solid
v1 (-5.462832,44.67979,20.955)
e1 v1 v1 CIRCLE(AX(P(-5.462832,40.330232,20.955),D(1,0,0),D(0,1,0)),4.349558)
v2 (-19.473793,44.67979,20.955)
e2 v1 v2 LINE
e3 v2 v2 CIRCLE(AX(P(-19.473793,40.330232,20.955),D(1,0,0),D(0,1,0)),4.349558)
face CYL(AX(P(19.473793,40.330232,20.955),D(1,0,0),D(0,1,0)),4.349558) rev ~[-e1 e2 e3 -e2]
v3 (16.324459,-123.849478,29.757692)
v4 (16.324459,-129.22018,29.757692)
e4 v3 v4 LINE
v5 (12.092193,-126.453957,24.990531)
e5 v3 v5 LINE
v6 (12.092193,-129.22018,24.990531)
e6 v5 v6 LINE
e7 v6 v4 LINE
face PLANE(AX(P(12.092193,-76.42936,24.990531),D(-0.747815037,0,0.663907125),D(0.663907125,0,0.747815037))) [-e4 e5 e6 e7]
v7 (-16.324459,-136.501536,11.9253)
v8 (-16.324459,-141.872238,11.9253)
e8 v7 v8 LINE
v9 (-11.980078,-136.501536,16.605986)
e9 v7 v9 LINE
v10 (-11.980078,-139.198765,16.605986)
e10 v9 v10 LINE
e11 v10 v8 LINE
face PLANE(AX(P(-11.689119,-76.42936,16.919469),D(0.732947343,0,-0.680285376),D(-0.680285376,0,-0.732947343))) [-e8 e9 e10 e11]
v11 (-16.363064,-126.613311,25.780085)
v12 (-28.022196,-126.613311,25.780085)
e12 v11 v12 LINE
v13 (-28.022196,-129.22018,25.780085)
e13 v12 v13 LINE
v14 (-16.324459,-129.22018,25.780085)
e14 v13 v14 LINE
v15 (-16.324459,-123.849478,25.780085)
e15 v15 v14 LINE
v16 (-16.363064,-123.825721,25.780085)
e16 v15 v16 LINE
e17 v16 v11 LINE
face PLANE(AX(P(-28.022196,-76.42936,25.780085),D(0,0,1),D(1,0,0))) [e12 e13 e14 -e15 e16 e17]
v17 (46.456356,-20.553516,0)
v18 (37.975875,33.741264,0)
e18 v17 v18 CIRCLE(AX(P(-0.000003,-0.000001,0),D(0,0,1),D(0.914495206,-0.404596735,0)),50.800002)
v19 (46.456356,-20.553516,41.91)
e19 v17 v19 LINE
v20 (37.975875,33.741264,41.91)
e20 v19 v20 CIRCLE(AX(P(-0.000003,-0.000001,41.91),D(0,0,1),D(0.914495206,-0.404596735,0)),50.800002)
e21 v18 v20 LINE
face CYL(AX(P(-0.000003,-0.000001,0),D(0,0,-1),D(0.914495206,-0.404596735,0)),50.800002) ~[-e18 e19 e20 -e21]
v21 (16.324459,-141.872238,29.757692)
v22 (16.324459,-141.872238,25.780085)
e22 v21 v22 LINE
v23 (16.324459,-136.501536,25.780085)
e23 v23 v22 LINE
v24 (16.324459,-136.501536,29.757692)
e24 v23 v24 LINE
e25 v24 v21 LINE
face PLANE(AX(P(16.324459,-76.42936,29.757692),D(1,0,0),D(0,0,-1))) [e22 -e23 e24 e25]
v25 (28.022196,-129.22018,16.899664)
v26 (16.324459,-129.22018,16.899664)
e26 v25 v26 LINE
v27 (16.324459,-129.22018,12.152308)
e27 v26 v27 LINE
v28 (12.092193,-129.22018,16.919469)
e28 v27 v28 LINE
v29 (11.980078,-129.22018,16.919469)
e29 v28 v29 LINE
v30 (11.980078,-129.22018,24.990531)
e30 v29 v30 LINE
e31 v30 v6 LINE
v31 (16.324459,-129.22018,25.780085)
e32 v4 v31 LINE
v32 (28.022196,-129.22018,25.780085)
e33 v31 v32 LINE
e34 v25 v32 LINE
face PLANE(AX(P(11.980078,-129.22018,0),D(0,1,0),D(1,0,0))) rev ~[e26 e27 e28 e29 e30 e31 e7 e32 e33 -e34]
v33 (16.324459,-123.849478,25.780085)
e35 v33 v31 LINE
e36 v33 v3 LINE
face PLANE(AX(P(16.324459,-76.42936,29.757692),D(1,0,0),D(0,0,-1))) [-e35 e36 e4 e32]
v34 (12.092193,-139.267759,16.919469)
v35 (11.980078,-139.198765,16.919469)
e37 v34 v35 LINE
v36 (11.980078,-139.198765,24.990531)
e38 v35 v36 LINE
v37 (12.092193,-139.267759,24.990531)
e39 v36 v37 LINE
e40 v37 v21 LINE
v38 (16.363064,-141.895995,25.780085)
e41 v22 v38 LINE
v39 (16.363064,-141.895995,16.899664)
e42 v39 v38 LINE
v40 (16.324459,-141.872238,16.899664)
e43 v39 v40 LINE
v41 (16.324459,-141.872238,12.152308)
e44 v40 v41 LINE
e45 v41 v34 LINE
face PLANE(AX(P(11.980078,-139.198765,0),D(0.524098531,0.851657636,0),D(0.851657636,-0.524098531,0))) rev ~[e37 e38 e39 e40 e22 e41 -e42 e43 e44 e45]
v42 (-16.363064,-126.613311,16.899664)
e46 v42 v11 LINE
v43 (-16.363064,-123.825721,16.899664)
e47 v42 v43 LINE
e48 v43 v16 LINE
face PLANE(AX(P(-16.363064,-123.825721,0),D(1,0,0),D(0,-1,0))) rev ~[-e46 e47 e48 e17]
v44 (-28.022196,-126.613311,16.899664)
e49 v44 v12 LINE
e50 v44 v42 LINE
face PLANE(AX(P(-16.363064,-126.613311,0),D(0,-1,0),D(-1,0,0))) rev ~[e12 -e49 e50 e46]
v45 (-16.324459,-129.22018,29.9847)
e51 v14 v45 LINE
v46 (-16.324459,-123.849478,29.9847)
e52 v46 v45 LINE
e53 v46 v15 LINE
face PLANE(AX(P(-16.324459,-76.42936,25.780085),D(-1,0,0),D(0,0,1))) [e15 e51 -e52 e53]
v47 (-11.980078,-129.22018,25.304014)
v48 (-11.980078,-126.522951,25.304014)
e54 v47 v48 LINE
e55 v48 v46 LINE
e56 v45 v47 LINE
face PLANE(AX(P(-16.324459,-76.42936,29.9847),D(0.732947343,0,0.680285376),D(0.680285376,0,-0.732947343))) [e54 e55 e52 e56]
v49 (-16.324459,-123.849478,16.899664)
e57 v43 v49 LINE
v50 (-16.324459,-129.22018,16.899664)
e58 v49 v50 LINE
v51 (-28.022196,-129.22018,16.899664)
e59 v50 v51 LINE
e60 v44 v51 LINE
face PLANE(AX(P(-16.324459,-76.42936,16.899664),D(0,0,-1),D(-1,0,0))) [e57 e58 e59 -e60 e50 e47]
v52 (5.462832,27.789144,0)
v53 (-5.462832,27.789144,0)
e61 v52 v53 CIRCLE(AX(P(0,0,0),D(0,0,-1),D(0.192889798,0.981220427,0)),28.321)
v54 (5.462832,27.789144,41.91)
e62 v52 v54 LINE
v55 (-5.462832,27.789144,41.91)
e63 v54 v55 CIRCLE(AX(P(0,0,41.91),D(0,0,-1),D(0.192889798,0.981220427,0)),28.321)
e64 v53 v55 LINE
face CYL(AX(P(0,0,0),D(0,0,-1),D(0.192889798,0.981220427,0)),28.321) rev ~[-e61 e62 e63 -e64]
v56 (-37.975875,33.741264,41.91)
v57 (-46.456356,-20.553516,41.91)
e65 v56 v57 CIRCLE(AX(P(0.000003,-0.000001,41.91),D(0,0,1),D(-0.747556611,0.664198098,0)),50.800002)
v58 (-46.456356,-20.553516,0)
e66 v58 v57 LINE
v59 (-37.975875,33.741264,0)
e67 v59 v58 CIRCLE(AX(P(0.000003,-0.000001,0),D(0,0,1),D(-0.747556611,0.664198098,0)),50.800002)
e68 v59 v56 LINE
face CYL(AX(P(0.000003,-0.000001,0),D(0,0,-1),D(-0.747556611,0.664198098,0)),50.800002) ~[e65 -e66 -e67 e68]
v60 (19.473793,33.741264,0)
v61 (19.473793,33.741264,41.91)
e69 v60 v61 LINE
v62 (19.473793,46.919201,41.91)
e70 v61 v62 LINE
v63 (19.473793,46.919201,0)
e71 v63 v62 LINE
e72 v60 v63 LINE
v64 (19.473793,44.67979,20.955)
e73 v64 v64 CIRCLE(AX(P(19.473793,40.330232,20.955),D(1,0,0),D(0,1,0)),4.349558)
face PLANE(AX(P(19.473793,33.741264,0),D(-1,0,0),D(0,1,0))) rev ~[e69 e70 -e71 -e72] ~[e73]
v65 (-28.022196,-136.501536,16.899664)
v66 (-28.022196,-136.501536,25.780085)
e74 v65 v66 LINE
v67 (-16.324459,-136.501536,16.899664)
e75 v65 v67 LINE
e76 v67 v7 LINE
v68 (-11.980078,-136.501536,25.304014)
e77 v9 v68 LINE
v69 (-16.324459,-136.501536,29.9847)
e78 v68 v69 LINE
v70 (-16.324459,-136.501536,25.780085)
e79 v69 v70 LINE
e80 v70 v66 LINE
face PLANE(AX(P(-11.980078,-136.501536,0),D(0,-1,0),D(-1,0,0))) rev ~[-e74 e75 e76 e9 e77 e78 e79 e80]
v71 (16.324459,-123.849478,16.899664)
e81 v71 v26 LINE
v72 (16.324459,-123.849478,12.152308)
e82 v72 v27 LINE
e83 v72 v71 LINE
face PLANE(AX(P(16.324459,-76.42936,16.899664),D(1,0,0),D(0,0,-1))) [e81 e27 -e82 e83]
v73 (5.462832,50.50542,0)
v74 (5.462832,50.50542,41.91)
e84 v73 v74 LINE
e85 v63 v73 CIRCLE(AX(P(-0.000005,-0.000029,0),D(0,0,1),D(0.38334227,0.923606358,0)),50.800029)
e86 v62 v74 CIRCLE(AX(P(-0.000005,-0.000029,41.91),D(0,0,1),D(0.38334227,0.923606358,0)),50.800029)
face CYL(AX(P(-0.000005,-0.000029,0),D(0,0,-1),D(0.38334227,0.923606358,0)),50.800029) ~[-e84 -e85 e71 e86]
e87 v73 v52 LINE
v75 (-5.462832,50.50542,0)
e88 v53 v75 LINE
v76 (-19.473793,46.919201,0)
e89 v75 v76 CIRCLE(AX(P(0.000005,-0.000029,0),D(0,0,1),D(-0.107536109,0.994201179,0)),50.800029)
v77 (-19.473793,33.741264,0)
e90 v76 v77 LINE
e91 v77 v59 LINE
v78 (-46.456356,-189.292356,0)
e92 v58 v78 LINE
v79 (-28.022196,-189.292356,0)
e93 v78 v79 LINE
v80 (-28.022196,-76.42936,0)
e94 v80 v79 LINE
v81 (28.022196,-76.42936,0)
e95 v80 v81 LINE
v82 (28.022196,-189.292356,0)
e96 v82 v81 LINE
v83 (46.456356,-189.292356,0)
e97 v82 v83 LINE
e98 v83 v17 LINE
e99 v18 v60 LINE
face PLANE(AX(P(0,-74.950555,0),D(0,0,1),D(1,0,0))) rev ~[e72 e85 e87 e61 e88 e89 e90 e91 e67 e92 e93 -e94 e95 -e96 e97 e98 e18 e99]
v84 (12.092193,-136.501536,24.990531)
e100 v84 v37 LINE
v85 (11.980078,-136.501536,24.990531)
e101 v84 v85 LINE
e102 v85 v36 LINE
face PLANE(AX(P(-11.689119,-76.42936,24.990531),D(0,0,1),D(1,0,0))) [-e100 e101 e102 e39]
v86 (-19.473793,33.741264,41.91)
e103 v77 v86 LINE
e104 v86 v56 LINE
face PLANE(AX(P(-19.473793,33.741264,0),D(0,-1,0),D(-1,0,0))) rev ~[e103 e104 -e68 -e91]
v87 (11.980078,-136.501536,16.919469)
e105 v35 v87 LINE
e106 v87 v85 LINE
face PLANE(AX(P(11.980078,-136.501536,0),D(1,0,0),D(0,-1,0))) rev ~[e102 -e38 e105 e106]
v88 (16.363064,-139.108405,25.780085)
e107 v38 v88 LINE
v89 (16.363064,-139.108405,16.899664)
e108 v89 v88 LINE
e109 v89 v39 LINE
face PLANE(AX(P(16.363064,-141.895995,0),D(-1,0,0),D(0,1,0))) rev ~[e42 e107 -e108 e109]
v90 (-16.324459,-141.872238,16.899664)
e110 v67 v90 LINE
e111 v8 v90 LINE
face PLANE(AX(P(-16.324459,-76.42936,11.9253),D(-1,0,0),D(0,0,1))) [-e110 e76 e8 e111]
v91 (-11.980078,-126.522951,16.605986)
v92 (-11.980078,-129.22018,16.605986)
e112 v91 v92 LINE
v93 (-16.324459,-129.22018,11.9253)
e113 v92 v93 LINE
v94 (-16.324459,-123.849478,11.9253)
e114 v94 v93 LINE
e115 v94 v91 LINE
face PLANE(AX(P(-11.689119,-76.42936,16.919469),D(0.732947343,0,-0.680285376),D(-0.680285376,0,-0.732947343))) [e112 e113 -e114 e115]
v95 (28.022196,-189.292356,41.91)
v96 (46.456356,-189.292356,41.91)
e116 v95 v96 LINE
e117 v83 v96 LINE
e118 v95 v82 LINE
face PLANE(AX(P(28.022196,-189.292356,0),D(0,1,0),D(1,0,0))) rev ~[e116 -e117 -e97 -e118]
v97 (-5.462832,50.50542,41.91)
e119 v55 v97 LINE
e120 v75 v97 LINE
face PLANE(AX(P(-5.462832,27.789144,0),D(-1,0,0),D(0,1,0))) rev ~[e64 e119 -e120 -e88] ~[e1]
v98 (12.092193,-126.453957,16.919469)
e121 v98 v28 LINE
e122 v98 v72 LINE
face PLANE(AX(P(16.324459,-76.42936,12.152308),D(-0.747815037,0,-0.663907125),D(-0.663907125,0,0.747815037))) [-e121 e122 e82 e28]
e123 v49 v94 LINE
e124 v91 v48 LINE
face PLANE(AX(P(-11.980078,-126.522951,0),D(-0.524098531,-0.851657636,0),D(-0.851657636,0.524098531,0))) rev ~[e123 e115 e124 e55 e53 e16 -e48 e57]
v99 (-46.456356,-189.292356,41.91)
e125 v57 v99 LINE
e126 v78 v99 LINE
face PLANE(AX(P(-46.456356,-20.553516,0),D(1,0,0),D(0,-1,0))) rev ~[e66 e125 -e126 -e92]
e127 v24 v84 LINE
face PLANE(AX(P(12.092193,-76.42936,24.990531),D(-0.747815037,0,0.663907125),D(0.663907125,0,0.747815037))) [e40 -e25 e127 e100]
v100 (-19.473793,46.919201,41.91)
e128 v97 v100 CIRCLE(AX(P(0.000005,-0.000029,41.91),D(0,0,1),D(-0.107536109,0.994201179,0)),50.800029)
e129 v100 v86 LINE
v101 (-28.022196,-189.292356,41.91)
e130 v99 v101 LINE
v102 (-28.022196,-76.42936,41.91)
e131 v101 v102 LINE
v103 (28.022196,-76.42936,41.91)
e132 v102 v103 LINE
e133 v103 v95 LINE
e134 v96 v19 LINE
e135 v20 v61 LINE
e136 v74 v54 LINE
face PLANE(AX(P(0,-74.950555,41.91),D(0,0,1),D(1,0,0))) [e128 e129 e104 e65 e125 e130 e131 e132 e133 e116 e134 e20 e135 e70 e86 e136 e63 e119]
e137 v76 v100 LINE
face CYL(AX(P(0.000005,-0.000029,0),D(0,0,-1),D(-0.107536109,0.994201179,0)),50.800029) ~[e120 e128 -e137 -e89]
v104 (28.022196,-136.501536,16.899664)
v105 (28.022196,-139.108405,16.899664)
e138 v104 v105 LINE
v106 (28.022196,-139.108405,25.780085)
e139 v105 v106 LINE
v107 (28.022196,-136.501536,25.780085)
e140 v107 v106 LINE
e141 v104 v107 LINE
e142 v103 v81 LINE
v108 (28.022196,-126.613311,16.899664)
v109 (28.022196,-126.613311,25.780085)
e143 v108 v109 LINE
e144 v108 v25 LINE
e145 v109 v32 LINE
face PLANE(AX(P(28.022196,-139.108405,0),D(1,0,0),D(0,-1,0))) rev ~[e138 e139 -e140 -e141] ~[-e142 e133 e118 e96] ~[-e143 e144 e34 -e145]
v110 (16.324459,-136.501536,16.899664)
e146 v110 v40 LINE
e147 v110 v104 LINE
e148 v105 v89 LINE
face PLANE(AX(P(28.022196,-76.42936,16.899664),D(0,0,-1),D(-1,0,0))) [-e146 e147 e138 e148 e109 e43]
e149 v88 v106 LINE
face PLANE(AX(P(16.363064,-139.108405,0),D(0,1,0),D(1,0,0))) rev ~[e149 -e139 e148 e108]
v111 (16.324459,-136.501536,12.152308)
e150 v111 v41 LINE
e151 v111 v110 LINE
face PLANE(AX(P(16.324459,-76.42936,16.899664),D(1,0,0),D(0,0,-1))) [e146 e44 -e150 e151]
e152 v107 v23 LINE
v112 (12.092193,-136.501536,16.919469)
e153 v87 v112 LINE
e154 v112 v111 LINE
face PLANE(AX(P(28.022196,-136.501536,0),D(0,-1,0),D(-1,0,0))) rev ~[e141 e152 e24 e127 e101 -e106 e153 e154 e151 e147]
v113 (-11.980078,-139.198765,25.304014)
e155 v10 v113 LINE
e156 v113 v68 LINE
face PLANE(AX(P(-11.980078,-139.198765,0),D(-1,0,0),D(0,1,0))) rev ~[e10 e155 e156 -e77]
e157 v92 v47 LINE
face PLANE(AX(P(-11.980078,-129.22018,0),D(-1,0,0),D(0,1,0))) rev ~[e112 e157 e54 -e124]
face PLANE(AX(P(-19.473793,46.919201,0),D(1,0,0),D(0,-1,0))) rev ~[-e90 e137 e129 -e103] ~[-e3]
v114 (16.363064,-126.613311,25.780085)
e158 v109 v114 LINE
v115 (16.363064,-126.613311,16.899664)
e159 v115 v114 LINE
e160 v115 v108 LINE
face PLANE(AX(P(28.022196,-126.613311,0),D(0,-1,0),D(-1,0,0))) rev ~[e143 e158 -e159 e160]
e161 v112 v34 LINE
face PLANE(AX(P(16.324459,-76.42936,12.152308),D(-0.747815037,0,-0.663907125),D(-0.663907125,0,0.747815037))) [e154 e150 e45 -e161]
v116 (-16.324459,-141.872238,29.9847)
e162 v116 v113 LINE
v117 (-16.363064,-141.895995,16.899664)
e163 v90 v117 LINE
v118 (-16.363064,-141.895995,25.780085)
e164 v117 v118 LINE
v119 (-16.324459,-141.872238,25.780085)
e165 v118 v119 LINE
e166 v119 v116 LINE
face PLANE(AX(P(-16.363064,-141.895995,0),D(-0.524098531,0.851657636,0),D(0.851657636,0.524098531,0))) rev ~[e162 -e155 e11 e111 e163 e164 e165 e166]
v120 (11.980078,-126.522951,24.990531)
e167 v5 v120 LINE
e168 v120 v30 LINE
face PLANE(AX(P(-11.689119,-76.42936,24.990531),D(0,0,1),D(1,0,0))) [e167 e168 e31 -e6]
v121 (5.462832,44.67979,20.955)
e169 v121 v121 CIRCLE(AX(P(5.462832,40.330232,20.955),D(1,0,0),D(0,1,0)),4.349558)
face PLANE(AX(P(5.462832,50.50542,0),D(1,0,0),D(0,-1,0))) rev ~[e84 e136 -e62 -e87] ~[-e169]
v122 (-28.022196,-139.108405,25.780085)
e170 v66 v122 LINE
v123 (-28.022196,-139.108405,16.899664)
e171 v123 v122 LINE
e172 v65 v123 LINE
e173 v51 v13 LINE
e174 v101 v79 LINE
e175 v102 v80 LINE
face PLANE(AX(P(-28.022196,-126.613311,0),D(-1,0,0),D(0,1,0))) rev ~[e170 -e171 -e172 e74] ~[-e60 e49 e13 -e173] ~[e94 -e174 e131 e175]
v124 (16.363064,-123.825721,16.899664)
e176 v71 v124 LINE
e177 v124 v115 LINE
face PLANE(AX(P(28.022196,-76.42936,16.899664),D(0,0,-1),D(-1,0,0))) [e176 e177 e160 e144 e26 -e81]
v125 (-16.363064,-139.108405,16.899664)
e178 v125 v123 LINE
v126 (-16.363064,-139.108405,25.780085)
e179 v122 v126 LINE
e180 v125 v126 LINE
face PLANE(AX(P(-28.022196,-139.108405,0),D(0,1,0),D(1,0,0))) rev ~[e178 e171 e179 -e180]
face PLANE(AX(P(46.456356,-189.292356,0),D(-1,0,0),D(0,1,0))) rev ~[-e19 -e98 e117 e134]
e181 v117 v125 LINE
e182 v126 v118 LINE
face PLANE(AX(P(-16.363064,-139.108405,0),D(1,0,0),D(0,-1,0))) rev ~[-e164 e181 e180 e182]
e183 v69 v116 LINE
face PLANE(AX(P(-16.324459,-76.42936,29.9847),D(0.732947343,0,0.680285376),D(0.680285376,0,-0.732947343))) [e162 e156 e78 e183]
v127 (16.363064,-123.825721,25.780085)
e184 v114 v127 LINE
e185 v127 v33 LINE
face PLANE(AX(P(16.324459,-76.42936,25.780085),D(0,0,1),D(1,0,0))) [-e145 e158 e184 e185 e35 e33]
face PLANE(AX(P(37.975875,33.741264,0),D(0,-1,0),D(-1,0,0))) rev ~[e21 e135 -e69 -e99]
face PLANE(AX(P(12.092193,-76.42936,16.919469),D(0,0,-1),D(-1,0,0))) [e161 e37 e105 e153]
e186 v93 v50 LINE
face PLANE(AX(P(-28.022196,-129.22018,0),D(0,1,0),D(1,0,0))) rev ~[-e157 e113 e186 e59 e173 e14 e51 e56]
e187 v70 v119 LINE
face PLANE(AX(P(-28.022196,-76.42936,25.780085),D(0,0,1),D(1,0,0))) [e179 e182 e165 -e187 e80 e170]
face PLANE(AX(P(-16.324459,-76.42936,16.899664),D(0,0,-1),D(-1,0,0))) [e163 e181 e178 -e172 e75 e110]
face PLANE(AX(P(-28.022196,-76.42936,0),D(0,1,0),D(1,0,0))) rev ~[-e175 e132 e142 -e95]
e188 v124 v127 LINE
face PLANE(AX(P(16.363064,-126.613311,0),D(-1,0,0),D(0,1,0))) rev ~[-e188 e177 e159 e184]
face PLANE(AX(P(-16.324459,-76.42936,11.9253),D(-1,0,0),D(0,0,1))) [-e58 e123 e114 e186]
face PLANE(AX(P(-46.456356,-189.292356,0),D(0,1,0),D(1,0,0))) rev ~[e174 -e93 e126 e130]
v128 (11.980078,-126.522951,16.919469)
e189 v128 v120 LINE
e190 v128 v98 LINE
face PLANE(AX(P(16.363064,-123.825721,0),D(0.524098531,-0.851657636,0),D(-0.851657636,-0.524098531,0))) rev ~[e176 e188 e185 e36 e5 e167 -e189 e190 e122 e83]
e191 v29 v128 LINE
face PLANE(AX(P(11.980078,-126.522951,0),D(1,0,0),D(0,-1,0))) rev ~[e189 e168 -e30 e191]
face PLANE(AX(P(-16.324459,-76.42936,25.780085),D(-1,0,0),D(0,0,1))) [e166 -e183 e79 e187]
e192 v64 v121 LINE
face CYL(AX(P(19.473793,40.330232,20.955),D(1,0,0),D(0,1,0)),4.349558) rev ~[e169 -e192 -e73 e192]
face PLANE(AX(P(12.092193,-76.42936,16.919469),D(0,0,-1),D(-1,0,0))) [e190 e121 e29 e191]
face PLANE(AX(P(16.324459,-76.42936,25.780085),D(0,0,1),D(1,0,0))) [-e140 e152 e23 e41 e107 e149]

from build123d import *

# Parameters (mm, degrees)
F1_DEPTH = 41.91
F3_DEPTH = 132.842
F4_R     = 4.349558
F5_DEPTH = 93


with BuildPart() as f1:
    # F0 (on Top) → F1 (new body)
    with BuildSketch(Plane.XY):
        with BuildLine():
            ThreePointArc((5.462832, 27.789144), (0, -28.321), (-5.462832, 27.789144))
            Line((-5.462832, 27.789144), (-5.462832, 50.50542))
            ThreePointArc((-5.462832, 50.50542), (-12.596589, 49.213473), (-19.473793, 46.919201))
            Line((-19.473793, 46.919201), (-19.473793, 33.741264))
            Line((-19.473793, 33.741264), (-37.975875, 33.741264))
            ThreePointArc((-37.975875, 33.741264), (-50.191445, 7.839567), (-46.456356, -20.553516))
            Line((-46.456356, -20.553516), (-46.456356, -189.292356))
            Line((-46.456356, -189.292356), (-28.022196, -189.292356))
            Line((-28.022196, -189.292356), (-28.022196, -139.108405))
            Line((-28.022196, -139.108405), (-16.363064, -139.108405))
            Line((-16.363064, -139.108405), (-16.363064, -141.895995))
            Line((-16.363064, -141.895995), (-11.980078, -139.198765))
            Line((-11.980078, -139.198765), (-11.980078, -136.501536))
            Line((-11.980078, -136.501536), (-16.363064, -136.501536))
            Line((-16.363064, -136.501536), (-28.022196, -136.501536))
            Line((-28.022196, -136.501536), (-28.022196, -129.22018))
            Line((-28.022196, -129.22018), (-16.363064, -129.22018))
            Line((-16.363064, -129.22018), (-11.980078, -129.22018))
            Line((-11.980078, -129.22018), (-11.980078, -126.522951))
            Line((-11.980078, -126.522951), (-16.363064, -123.825721))
            Line((-16.363064, -123.825721), (-16.363064, -126.613311))
            Line((-16.363064, -126.613311), (-28.022196, -126.613311))
            Line((-28.022196, -126.613311), (-28.022196, -76.42936))
            Line((-28.022196, -76.42936), (0, -76.42936))
            Line((0, -76.42936), (28.022196, -76.42936))
            Line((28.022196, -76.42936), (28.022196, -126.613311))
            Line((28.022196, -126.613311), (16.363064, -126.613311))
            Line((16.363064, -126.613311), (16.363064, -123.825721))
            Line((16.363064, -123.825721), (11.980078, -126.522951))
            Line((11.980078, -126.522951), (11.980078, -129.22018))
            Line((11.980078, -129.22018), (16.363064, -129.22018))
            Line((16.363064, -129.22018), (28.022196, -129.22018))
            Line((28.022196, -129.22018), (28.022196, -136.501536))
            Line((28.022196, -136.501536), (16.363064, -136.501536))
            Line((16.363064, -136.501536), (11.980078, -136.501536))
            Line((11.980078, -136.501536), (11.980078, -139.198765))
            Line((11.980078, -139.198765), (16.363064, -141.895995))
            Line((16.363064, -141.895995), (16.363064, -139.108405))
            Line((16.363064, -139.108405), (28.022196, -139.108405))
            Line((28.022196, -139.108405), (28.022196, -189.292356))
            Line((28.022196, -189.292356), (46.456356, -189.292356))
            Line((46.456356, -189.292356), (46.456356, -20.553516))
            ThreePointArc((46.456356, -20.553516), (50.191445, 7.839567), (37.975875, 33.741264))
            Line((37.975875, 33.741264), (19.473793, 33.741264))
            Line((19.473793, 33.741264), (19.473793, 46.919201))
            ThreePointArc((19.473793, 46.919201), (12.596589, 49.213473), (5.462832, 50.50542))
            Line((5.462832, 50.50542), (5.462832, 27.789144))
        make_face()
    extrude(amount=F1_DEPTH)

    # F2 (on face) → F3 (cut)
    with BuildSketch(Plane.XZ.offset(76.42936)):
        Polygon((-28.022196, 41.91), (-28.022196, 29.9847), (-28.022196, 25.780085), (-16.324459, 25.780085), (-16.324459, 29.9847), (-11.689119, 24.990531), (12.092193, 24.990531), (16.324459, 29.757692), (16.324459, 25.780085), (28.022196, 25.780085), (28.022196, 29.9847), (28.022196, 41.91), align=None)
        Polygon((-16.324459, 16.899664), (-28.022196, 16.899664), (-28.022196, 11.9253), (-28.022196, 0), (0, 0), (28.022196, 0), (28.022196, 11.9253), (28.022196, 16.899664), (16.324459, 16.899664), (16.324459, 12.152308), (12.092193, 16.919469), (-11.689119, 16.919469), (-16.324459, 11.9253), align=None)
    extrude(amount=F3_DEPTH, mode=Mode.SUBTRACT)

    # F4 (on face) → F5 (cut)
    with BuildSketch(Plane.YZ.offset(19.473793)):
        with Locations((40.330232, 20.955)):
            Circle(F4_R)
    extrude(amount=-F5_DEPTH, mode=Mode.SUBTRACT)


solid = f1.part
